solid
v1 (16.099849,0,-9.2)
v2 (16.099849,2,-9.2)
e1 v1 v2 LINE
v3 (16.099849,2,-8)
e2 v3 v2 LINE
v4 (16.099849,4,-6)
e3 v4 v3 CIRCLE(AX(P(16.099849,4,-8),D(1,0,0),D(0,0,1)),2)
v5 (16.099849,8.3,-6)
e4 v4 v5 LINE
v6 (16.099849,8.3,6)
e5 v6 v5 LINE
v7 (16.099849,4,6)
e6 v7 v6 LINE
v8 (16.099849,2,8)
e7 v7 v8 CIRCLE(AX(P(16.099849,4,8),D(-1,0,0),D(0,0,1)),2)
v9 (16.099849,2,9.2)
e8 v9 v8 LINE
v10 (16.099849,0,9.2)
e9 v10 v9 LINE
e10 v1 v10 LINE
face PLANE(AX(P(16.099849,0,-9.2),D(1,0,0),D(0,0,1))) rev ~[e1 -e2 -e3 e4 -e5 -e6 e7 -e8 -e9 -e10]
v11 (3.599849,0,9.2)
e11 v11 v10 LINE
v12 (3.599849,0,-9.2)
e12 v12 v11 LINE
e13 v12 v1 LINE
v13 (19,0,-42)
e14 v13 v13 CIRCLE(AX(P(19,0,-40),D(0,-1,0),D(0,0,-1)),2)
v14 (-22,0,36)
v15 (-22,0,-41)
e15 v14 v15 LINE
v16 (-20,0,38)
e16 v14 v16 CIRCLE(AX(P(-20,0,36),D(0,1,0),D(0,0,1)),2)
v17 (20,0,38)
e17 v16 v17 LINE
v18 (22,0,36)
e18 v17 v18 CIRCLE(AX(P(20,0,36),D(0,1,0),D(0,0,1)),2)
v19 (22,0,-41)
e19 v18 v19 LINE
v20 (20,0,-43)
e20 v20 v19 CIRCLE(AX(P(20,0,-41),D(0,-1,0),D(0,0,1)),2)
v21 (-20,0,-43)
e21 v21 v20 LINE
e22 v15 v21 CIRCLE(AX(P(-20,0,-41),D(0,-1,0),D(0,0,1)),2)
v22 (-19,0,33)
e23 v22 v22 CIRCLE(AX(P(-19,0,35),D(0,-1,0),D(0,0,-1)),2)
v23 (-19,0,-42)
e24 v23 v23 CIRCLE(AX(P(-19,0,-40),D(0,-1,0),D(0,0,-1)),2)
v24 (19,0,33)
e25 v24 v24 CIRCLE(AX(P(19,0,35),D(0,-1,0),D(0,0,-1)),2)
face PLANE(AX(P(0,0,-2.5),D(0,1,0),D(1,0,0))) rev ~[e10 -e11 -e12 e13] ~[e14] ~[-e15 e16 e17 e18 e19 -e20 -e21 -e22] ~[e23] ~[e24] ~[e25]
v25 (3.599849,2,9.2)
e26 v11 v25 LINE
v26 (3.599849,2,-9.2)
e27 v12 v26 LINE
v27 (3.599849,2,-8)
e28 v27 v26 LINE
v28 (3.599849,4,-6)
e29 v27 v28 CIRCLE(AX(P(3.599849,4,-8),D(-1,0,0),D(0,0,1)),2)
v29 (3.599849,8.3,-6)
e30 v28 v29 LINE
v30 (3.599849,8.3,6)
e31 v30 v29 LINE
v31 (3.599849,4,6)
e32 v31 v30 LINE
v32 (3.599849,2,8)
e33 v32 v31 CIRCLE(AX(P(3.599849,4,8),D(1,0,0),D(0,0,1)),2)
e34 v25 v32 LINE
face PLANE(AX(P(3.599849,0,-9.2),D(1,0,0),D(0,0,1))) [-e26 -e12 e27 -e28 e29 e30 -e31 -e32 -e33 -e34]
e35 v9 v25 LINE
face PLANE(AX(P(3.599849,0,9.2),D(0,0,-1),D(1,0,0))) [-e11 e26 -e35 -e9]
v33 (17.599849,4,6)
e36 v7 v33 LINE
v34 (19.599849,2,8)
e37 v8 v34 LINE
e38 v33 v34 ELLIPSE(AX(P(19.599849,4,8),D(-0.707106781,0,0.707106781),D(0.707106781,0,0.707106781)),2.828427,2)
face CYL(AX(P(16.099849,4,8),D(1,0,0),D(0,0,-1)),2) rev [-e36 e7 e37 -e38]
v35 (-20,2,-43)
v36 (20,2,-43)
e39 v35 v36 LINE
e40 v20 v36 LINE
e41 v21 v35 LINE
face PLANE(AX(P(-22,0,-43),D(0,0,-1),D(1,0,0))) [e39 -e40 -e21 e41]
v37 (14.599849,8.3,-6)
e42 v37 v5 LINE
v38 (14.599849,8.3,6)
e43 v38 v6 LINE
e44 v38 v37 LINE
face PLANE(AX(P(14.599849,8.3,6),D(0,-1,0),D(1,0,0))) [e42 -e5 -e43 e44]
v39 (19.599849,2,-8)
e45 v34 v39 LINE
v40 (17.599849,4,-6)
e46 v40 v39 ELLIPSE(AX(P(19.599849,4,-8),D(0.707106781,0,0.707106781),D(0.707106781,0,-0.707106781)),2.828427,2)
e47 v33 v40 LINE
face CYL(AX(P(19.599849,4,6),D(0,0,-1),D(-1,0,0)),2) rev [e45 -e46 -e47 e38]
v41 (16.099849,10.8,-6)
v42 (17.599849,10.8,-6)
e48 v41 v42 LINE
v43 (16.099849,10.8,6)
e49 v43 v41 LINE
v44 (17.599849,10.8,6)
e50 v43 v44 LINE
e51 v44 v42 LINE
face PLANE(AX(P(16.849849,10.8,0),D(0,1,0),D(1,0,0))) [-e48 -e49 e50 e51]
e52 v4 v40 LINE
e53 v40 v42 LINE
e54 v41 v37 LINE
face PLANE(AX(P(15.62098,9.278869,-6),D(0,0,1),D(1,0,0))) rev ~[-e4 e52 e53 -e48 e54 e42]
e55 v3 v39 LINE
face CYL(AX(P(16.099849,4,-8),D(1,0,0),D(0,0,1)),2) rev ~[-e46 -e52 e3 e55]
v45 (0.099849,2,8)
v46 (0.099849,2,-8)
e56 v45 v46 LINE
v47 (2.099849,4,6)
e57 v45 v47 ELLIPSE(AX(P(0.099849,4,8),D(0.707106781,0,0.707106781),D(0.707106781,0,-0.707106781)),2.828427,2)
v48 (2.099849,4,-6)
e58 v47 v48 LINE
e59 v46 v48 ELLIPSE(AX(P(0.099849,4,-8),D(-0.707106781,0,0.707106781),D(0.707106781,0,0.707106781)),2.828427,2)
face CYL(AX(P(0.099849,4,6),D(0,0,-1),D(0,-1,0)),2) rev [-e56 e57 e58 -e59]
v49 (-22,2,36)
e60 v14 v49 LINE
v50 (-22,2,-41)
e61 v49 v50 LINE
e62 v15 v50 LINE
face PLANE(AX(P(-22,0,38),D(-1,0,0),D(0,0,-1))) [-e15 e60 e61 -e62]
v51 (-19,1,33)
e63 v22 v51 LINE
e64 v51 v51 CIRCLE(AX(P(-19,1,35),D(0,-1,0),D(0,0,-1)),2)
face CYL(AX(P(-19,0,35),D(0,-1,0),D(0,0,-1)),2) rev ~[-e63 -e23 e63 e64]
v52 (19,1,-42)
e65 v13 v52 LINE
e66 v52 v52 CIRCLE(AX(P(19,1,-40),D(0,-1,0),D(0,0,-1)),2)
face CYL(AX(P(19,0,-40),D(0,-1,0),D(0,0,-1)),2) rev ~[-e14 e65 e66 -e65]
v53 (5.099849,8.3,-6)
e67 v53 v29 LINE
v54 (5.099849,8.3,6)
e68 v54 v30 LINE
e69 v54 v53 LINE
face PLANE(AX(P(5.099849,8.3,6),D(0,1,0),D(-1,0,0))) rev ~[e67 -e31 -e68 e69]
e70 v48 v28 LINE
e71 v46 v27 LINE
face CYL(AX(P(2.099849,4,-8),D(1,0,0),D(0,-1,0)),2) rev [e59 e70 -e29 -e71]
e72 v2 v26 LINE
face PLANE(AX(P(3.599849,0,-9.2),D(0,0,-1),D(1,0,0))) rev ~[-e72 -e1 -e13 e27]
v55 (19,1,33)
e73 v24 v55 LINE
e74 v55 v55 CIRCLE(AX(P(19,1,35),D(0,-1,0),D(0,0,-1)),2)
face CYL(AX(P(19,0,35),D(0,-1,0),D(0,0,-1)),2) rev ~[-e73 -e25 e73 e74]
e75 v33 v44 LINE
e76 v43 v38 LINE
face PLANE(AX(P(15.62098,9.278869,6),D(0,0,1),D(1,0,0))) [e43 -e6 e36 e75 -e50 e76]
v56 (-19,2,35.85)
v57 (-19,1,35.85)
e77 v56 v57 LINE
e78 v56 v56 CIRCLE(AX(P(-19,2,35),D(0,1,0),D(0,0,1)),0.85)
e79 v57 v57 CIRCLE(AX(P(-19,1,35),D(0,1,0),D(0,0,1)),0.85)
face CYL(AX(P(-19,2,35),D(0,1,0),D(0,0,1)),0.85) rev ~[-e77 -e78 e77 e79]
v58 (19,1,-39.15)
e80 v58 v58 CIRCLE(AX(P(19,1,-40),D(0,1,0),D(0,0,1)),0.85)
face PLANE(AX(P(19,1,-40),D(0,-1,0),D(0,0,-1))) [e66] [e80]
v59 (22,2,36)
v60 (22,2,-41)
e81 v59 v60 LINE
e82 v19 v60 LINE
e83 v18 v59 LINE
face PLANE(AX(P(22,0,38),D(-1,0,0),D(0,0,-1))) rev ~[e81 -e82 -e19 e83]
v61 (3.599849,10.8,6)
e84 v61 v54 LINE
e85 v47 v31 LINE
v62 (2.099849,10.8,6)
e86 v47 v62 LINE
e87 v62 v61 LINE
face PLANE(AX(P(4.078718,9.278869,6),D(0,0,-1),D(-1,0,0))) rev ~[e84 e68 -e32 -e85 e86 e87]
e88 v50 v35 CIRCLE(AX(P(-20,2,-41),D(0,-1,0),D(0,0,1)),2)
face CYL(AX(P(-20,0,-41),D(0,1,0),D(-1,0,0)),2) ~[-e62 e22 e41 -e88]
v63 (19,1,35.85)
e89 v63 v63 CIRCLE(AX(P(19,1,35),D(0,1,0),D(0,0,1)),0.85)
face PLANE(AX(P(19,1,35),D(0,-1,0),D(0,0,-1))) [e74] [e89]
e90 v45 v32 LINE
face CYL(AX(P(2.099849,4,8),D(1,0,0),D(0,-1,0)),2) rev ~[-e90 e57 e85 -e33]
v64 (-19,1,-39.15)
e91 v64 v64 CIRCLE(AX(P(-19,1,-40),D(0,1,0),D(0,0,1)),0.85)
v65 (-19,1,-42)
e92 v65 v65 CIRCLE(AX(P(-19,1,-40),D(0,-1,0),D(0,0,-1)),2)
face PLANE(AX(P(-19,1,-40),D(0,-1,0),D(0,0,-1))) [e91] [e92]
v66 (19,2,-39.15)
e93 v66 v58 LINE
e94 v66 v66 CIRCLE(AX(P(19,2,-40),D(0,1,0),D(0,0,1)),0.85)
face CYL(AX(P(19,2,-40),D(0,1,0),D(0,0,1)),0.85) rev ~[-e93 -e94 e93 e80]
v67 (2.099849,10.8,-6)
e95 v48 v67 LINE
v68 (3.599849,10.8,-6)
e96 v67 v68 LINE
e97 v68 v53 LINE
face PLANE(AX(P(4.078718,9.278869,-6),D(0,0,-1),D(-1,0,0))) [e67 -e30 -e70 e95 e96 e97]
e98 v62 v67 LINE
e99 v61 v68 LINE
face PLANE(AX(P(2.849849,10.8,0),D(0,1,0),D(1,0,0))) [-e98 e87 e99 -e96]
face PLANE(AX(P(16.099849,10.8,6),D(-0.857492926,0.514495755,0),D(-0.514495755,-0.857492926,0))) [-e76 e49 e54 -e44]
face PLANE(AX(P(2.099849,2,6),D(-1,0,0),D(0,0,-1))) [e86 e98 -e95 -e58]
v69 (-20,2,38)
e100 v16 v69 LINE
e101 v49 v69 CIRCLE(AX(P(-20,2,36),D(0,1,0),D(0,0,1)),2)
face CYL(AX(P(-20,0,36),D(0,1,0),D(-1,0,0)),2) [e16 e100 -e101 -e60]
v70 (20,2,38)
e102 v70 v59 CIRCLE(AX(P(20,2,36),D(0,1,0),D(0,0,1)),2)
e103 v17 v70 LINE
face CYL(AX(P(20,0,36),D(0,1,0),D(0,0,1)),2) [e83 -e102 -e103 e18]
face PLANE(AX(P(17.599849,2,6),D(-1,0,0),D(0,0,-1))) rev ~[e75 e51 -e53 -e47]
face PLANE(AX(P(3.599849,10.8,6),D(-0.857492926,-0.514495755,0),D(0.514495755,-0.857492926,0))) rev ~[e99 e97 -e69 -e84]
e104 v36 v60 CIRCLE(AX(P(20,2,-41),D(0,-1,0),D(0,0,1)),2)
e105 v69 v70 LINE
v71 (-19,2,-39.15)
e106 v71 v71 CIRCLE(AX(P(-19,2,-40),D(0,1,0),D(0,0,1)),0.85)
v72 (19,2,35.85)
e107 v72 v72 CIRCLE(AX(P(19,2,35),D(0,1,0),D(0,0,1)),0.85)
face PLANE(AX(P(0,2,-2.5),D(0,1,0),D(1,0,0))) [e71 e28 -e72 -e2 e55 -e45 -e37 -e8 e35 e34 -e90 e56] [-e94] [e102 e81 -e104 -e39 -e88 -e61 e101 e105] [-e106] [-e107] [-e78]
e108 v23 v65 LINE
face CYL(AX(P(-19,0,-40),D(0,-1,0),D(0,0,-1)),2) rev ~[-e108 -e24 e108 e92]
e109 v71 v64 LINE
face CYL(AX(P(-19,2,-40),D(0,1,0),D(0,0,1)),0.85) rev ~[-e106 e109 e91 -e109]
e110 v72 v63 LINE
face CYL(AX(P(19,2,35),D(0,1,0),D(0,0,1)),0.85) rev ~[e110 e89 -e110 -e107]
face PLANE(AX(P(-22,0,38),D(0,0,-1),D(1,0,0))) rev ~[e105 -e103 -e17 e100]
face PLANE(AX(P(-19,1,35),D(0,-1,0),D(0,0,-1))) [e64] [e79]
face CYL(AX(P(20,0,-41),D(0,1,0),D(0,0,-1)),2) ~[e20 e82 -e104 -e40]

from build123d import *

# Parameters (mm, degrees)
SKETCH_1_W          = 44
SKETCH_1_H          = 81
EXTRUDE_1_DEPTH     = 2
SKETCH_12_W         = 12.5
SKETCH_12_H         = 18.4
CUT_EXTRUDE_3_DEPTH = 7.5
SKETCH_15_W         = 1.5
SKETCH_15_H         = 12
EXTRUDE_10_DEPTH    = 8.8
EXTRUDE_11_DEPTH    = 12
EXTRUDE_12_DEPTH    = 12
FILLET_2_R          = 2
FILLET_3_R          = 2
SKETCH_19_R         = 0.85
CUT_EXTRUDE_4_DEPTH = 12
SKETCH_20_R         = 2
CUT_EXTRUDE_5_DEPTH = 1


with BuildPart() as part:
    # 草图1 → 凸台-拉伸1 (new body)
    with BuildSketch(Plane(origin=(0, 0, 0), x_dir=(1, 0, 0), z_dir=(0, 1, 0))):
        with Locations((0, 2.5)):
            Rectangle(SKETCH_1_W, SKETCH_1_H)
    extrude(amount=EXTRUDE_1_DEPTH)

    # 草图12 → 切除-拉伸3 (cut)
    with BuildSketch(Plane.XZ):
        with Locations((9.849848709, 0)):
            Rectangle(SKETCH_12_W, SKETCH_12_H)
    extrude(amount=-CUT_EXTRUDE_3_DEPTH, mode=Mode.SUBTRACT)

    # 草图15 → 凸台-拉伸10 (add)
    with BuildSketch(Plane(origin=(0, 2, 0), x_dir=(1, 0, 0), z_dir=(0, 1, 0))):
        with Locations((2.849848709, 0)):
            Rectangle(SKETCH_15_W, SKETCH_15_H)
        with Locations((16.849848709, 0)):
            Rectangle(SKETCH_15_W, SKETCH_15_H)
    extrude(amount=EXTRUDE_10_DEPTH)

    # 草图16 → 凸台-拉伸11 (add)
    with BuildSketch(Plane.XY.offset(6)):
        Polygon((3.599848709, 10.8), (5.099848709, 8.3), (3.599848709, 8.3), align=None)
    extrude(amount=-EXTRUDE_11_DEPTH)

    # 草图18 → 凸台-拉伸12 (add)
    with BuildSketch(Plane.XY.offset(6)):
        Polygon((16.099848709, 10.8), (14.599848709, 8.3), (16.099848709, 8.3), align=None)
    extrude(amount=-EXTRUDE_12_DEPTH)

    # 圆角2
    fillet_2_edges = [part.edges().sort_by_distance(p)[0] for p in [
        (2.849848709, 2, -6),
        (2.099848709, 2, 0),
        (2.849848709, 2, 6),
        (16.849848709, 2, -6),
        (16.849848709, 2, 6),
        (17.599848709, 2, 0),
    ]]
    fillet(fillet_2_edges, radius=FILLET_2_R)

    # 圆角3
    fillet_3_edges = [part.edges().sort_by_distance(p)[0] for p in [
        (-22, 1, -43),
        (22, 1, -43),
        (22, 1, 38),
        (-22, 1, 38),
    ]]
    fillet(fillet_3_edges, radius=FILLET_3_R)

    # 草图19 → 切除-拉伸4 (cut)
    with BuildSketch(Plane(origin=(0, 2, 0), x_dir=(1, 0, 0), z_dir=(0, 1, 0))):
        with Locations(Location((-19, 40, 0), (0, 0, 270))):
            Circle(SKETCH_19_R)
        with Locations(Location((19, 40, 0), (0, 0, 270))):
            Circle(SKETCH_19_R)
        with Locations(Location((19, -35, 0), (0, 0, 270))):
            Circle(SKETCH_19_R)
        with Locations(Location((-19, -35, 0), (0, 0, 270))):
            Circle(SKETCH_19_R)
    extrude(amount=-CUT_EXTRUDE_4_DEPTH, mode=Mode.SUBTRACT)

    # 草图20 → 切除-拉伸5 (cut)
    with BuildSketch(Plane.XZ):
        with Locations(Location((-19, 35, 0), (0, 0, 270))):
            Circle(SKETCH_20_R)
        with Locations(Location((19, 35, 0), (0, 0, 270))):
            Circle(SKETCH_20_R)
        with Locations(Location((-19, -40, 0), (0, 0, 270))):
            Circle(SKETCH_20_R)
        with Locations(Location((19, -40, 0), (0, 0, 270))):
            Circle(SKETCH_20_R)
    extrude(amount=-CUT_EXTRUDE_5_DEPTH, mode=Mode.SUBTRACT)


solid = part.part
